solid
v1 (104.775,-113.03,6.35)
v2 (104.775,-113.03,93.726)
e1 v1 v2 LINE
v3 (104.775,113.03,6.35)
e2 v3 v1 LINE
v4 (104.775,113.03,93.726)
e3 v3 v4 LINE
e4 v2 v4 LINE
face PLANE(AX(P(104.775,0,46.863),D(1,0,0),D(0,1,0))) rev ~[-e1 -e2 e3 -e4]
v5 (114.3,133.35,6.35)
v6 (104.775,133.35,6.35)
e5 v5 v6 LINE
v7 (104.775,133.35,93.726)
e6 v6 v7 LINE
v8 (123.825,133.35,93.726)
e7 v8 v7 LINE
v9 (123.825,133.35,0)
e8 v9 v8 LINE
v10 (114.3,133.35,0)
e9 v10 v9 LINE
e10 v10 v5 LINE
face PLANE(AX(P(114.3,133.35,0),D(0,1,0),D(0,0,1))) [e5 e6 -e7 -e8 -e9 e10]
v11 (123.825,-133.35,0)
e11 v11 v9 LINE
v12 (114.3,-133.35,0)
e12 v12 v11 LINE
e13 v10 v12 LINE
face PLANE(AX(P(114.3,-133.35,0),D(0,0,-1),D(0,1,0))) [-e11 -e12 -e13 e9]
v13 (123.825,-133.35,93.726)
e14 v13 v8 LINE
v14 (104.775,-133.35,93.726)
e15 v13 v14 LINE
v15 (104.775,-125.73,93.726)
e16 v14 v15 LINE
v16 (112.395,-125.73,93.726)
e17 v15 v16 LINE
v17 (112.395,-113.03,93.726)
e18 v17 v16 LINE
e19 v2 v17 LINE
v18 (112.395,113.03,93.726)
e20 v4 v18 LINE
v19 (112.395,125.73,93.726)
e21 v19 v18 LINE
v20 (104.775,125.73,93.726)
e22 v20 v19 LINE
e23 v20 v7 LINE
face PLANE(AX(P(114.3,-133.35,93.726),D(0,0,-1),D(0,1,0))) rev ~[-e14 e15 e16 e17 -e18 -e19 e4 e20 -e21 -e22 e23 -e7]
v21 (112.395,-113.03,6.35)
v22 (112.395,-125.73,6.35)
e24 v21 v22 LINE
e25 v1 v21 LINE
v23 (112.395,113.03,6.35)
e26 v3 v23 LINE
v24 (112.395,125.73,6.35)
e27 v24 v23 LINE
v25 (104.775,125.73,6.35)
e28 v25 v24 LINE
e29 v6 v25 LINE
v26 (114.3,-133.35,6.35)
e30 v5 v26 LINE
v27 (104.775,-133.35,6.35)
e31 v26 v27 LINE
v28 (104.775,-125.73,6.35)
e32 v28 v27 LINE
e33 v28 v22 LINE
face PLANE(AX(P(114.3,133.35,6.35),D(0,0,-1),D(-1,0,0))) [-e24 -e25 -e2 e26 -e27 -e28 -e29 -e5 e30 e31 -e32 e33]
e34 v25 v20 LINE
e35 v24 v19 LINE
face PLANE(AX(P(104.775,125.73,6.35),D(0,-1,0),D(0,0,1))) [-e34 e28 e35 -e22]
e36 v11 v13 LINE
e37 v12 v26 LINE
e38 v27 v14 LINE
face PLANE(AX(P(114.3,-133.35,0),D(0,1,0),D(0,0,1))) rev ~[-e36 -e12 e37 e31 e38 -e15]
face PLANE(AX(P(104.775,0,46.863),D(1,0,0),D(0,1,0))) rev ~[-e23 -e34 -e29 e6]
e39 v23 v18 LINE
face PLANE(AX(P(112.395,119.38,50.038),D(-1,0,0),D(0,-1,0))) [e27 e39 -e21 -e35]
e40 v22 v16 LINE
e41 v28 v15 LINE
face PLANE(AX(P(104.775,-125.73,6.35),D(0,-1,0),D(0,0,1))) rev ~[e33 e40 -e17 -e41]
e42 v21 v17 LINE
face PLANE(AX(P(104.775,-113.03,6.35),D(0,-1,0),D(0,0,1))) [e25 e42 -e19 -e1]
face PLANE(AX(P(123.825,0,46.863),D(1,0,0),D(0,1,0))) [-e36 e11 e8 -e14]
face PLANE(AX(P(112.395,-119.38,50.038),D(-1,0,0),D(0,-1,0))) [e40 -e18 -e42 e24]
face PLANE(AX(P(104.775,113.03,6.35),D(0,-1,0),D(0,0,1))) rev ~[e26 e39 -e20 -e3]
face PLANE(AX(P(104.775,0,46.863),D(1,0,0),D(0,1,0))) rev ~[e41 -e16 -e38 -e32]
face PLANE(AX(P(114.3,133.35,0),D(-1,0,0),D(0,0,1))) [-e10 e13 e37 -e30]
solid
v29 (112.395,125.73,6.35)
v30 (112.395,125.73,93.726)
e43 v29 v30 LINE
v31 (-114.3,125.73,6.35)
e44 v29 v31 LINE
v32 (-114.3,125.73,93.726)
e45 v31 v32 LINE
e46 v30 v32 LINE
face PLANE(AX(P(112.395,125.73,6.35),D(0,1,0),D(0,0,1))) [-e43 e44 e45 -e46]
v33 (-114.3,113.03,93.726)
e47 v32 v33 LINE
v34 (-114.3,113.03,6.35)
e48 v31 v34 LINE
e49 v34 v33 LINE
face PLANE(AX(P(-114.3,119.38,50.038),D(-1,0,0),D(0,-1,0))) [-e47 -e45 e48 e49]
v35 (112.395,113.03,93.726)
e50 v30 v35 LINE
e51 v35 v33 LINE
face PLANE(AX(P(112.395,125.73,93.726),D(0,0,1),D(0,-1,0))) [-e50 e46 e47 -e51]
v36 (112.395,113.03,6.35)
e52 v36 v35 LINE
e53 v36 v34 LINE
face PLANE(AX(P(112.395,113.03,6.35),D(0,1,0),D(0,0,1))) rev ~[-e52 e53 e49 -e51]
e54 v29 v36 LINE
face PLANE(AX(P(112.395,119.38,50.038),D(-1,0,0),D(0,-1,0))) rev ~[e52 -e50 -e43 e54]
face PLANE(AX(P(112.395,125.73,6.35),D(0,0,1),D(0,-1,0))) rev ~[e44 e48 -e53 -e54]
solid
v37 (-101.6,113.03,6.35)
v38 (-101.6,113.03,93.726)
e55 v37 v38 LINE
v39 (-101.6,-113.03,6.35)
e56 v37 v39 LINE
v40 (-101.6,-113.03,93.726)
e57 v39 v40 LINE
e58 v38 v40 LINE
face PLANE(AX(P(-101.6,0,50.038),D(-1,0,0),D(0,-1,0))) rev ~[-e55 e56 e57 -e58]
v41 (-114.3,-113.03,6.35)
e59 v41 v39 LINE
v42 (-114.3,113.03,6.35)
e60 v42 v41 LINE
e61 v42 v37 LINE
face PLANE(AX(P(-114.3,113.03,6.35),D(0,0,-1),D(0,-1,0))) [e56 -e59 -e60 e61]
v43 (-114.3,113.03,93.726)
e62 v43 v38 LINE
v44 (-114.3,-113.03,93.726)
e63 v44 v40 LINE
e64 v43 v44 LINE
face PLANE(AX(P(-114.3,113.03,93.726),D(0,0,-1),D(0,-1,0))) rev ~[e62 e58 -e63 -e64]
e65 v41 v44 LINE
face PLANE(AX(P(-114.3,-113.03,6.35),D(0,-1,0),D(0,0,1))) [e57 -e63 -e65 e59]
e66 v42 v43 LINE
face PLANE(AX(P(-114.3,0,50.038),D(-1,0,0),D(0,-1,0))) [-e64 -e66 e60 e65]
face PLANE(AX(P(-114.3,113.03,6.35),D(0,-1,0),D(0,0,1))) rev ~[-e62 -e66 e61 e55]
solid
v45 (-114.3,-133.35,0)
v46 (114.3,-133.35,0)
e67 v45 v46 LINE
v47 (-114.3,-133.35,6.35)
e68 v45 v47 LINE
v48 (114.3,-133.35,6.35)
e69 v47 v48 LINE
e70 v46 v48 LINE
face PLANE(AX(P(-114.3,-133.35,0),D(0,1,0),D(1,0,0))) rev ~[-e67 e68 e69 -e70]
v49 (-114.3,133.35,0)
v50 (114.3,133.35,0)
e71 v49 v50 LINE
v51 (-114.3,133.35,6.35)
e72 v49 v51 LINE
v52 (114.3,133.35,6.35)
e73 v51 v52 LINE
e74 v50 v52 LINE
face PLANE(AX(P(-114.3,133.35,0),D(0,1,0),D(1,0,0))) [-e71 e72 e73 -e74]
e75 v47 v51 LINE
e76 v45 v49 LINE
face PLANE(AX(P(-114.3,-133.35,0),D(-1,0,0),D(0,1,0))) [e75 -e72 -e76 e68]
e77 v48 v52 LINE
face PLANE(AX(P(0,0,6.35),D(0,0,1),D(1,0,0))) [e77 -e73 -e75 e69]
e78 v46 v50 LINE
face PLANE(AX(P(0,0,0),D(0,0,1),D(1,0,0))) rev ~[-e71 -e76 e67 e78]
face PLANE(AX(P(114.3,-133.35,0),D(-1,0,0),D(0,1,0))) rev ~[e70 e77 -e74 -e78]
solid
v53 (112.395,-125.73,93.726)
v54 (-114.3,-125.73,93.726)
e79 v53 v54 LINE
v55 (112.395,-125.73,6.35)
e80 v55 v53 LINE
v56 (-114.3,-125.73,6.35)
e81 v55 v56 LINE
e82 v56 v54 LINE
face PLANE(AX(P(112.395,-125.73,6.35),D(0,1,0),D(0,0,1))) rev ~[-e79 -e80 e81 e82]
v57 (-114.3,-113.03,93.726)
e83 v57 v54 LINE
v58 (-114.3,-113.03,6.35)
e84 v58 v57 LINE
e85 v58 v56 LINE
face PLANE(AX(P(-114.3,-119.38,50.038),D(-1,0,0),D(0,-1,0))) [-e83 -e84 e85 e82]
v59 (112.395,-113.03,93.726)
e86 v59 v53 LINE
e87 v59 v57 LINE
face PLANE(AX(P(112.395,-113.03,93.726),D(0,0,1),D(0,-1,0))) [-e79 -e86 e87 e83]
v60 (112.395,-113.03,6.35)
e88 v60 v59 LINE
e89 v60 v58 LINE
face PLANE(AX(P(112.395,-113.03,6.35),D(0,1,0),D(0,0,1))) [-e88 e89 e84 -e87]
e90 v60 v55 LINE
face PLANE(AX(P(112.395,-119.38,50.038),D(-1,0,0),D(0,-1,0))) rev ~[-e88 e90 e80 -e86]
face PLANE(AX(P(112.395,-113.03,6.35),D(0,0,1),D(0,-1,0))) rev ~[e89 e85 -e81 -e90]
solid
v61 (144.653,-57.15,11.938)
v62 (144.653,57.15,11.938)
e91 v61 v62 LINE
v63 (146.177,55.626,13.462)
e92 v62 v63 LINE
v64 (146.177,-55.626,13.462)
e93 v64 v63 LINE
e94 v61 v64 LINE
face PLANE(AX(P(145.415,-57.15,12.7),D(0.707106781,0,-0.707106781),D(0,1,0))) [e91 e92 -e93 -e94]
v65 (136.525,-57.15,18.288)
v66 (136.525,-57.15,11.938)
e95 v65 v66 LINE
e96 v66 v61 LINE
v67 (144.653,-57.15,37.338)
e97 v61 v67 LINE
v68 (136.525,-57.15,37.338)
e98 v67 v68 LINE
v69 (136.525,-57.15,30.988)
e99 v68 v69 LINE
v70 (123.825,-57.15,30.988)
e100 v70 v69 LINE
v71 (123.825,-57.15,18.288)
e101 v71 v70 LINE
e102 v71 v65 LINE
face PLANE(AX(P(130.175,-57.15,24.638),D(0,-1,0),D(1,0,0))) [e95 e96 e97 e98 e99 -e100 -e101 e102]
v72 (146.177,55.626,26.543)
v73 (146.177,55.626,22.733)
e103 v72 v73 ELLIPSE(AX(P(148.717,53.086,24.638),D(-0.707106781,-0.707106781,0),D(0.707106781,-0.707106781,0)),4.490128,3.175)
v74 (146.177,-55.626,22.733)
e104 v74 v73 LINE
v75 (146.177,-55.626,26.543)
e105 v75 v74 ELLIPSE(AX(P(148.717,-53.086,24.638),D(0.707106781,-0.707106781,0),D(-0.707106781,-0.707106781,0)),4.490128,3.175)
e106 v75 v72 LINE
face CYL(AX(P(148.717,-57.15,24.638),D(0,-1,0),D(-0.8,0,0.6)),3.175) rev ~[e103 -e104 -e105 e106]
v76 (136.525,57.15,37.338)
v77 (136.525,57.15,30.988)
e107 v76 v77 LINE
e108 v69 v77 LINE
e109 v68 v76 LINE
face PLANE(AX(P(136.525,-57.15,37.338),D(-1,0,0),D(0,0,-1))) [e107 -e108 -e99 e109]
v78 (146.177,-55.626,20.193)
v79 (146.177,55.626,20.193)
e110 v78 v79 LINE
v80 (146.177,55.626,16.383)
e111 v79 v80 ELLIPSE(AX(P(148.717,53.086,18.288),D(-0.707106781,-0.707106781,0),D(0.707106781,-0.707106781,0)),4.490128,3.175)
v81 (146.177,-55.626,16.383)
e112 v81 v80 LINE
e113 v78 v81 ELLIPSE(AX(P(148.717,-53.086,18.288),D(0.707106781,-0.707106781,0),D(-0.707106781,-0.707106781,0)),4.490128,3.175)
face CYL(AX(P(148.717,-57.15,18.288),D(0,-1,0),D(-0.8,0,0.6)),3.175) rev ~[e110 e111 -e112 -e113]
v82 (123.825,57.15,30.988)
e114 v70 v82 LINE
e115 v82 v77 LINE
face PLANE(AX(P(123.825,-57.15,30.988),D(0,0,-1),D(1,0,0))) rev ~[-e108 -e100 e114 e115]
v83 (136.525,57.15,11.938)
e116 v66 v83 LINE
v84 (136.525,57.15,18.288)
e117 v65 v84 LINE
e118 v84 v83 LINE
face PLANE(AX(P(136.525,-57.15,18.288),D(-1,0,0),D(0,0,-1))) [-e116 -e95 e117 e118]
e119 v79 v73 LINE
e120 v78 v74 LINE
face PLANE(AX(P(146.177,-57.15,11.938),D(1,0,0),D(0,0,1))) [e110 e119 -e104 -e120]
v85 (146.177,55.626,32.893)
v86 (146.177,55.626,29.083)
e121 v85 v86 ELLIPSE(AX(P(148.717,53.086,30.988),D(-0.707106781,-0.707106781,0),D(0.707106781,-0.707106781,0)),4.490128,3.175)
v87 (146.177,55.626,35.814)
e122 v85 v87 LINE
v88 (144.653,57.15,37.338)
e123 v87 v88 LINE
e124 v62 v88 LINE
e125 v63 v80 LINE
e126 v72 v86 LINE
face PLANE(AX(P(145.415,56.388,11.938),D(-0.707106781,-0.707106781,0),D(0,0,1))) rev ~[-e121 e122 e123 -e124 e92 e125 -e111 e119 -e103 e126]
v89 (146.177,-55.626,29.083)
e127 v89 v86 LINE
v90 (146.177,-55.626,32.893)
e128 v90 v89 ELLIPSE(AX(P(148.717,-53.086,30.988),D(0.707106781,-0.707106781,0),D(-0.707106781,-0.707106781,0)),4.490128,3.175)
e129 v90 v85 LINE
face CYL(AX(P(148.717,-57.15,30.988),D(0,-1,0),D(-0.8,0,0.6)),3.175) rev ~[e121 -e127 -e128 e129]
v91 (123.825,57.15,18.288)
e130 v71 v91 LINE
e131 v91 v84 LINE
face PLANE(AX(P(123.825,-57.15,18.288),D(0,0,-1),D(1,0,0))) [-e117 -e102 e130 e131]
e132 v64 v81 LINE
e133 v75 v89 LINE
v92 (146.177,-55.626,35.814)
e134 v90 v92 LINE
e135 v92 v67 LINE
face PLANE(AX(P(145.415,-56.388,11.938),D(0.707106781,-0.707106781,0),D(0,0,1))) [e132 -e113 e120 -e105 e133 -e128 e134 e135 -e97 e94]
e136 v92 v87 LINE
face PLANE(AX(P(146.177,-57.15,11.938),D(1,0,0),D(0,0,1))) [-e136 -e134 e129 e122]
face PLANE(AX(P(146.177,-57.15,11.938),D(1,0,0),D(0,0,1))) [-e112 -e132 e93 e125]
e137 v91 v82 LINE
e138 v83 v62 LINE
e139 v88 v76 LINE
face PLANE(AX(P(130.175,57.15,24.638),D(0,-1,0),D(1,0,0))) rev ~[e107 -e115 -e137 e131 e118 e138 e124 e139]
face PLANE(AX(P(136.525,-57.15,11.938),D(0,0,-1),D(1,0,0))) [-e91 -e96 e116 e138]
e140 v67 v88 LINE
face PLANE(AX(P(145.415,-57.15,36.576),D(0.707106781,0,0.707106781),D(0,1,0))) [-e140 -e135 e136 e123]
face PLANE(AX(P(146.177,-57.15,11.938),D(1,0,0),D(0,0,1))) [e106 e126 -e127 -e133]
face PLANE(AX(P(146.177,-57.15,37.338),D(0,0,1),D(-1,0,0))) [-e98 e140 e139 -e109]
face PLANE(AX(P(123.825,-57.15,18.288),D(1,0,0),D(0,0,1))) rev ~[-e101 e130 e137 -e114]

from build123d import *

# Parameters (mm, degrees)
F0_W      = 228.6
F0_H      = 266.7
F1_DEPTH  = 6.35
F2_W      = 266.7
F2_H      = 93.726
F3_DEPTH  = 9.525
F4_W      = 12.7
F4_H      = 87.376
F5_DEPTH  = 7.62
F6_W      = 9.525
F6_H      = 6.35
F7_DEPTH  = 266.701
F8_DEPTH  = 226.695
F9_W      = 226.06
F9_H      = 87.376
F10_DEPTH = 12.7
F12_W     = 12.7
F12_H     = 12.7
F13_DEPTH = 114.3
F14_SIZE  = 1.524
F16_DEPTH = 190.501


with BuildPart() as f1:
    # F0 (on Top) → F1 (new body)
    with BuildSketch(Plane.XY):
        Rectangle(F0_W, F0_H)
    extrude(amount=F1_DEPTH)


with BuildPart() as f3:
    # F2 (on face) → F3 (new body, symmetric)
    with BuildSketch(Plane.YZ.offset(114.3)):
        with Locations((0, 46.863)):
            Rectangle(F2_W, F2_H)
    extrude(amount=F3_DEPTH, both=True)

    # F4 (on face) → F5 (cut)
    with BuildSketch(Plane(origin=(104.775, 0, 0), x_dir=(0, -1, 0), z_dir=(-1, 0, 0))):
        with Locations((-119.38, 50.038)):
            Rectangle(F4_W, F4_H)
        with Locations((119.38, 50.038)):
            Rectangle(F4_W, F4_H)
    extrude(amount=-F5_DEPTH, mode=Mode.SUBTRACT)

    # F6 (on face) → F7 (cut, through all)
    with BuildSketch(Plane(origin=(0, 133.35, 0), x_dir=(-1, 0, 0), z_dir=(0, 1, 0))):
        with Locations((-109.5375, 3.175)):
            Rectangle(F6_W, F6_H)
    extrude(amount=-F7_DEPTH, mode=Mode.SUBTRACT)


with BuildPart() as f8:
    # F8 (new, through all): a face of the model
    f8_faces = [f3.part.faces().sort_by_distance(p)[0] for p in [
        (112.395, 119.38, 50.038),
    ]]
    extrude(f8_faces, amount=F8_DEPTH)


with BuildPart() as f8b:
    # F8#2 (new, through all): a face of the model
    f8_2_faces = [f3.part.faces().sort_by_distance(p)[0] for p in [
        (112.395, -119.38, 50.038),
    ]]
    extrude(f8_2_faces, amount=F8_DEPTH)


with BuildPart() as f10:
    # F9 (on face) → F10 (new body)
    with BuildSketch(Plane(origin=(-114.3, 0, 0), x_dir=(0, -1, 0), z_dir=(-1, 0, 0))):
        with Locations((0, 50.038)):
            Rectangle(F9_W, F9_H)
    extrude(amount=-F10_DEPTH)


with BuildPart() as f13:
    # F12 (on offset) → F13 (new body)
    with BuildSketch(Plane.XZ.offset(57.15)):
        with Locations((130.175, 24.638)):
            Rectangle(F12_W, F12_H)
        Polygon((136.525, 37.338), (136.525, 30.988), (136.525, 18.288), (136.525, 11.938), (146.177, 11.938), (146.177, 37.338), align=None)
    extrude(amount=-F13_DEPTH)

    # F14
    f14_edges = [f13.edges().sort_by_distance(p)[0] for p in [
        (146.177, 0, 11.938),
        (146.177, 0, 37.338),
        (146.177, -57.15, 24.638),
        (146.177, 57.15, 24.638),
    ]]
    chamfer(f14_edges, length=F14_SIZE)

    # F15 (on face) → F16 (cut, through all)
    with BuildSketch(Plane.XZ.offset(57.15)):
        with BuildLine():
            ThreePointArc((151.892, 30.988), (149.7210231571, 34.0000694713), (146.177, 32.893))
            Line((146.177, 32.893), (146.177, 29.083))
            ThreePointArc((146.177, 29.083), (147.2970968343, 28.1481936686), (148.717, 27.813))
            ThreePointArc((148.717, 27.813), (150.9620640303, 28.7429359697), (151.892, 30.988))
        make_face()
        with BuildLine():
            Line((146.177, 29.083), (146.177, 32.893))
            ThreePointArc((146.177, 32.893), (145.542, 30.988), (146.177, 29.083))
        make_face()
        with BuildLine():
            ThreePointArc((148.717, 27.813), (147.2970968343, 28.1481936686), (146.177, 29.083))
            Line((146.177, 29.083), (146.177, 26.543))
            ThreePointArc((146.177, 26.543), (147.2970968343, 27.4778063314), (148.717, 27.813))
        make_face()
        with BuildLine():
            ThreePointArc((148.717, 27.813), (147.2970968343, 27.4778063314), (146.177, 26.543))
            Line((146.177, 26.543), (146.177, 22.733))
            ThreePointArc((146.177, 22.733), (147.2970968343, 21.7981936686), (148.717, 21.463))
            ThreePointArc((148.717, 21.463), (150.9620640303, 22.3929359697), (151.892, 24.638))
            ThreePointArc((151.892, 24.638), (150.9620640303, 26.8830640303), (148.717, 27.813))
        make_face()
        with BuildLine():
            Line((146.177, 22.733), (146.177, 26.543))
            ThreePointArc((146.177, 26.543), (145.542, 24.638), (146.177, 22.733))
        make_face()
        with BuildLine():
            ThreePointArc((148.717, 21.463), (147.2970968343, 21.7981936686), (146.177, 22.733))
            Line((146.177, 22.733), (146.177, 20.193))
            ThreePointArc((146.177, 20.193), (147.2970968343, 21.1278063314), (148.717, 21.463))
        make_face()
        with BuildLine():
            ThreePointArc((148.717, 21.463), (147.2970968343, 21.1278063314), (146.177, 20.193))
            Line((146.177, 20.193), (146.177, 16.383))
            ThreePointArc((146.177, 16.383), (149.7210231571, 15.2759305287), (151.892, 18.288))
            ThreePointArc((151.892, 18.288), (150.9620640303, 20.5330640303), (148.717, 21.463))
        make_face()
        with BuildLine():
            Line((146.177, 16.383), (146.177, 20.193))
            ThreePointArc((146.177, 20.193), (145.542, 18.288), (146.177, 16.383))
        make_face()
    extrude(amount=-F16_DEPTH, mode=Mode.SUBTRACT)


solid = Compound([f1.part, f3.part, f8.part, f8b.part, f10.part, f13.part])
